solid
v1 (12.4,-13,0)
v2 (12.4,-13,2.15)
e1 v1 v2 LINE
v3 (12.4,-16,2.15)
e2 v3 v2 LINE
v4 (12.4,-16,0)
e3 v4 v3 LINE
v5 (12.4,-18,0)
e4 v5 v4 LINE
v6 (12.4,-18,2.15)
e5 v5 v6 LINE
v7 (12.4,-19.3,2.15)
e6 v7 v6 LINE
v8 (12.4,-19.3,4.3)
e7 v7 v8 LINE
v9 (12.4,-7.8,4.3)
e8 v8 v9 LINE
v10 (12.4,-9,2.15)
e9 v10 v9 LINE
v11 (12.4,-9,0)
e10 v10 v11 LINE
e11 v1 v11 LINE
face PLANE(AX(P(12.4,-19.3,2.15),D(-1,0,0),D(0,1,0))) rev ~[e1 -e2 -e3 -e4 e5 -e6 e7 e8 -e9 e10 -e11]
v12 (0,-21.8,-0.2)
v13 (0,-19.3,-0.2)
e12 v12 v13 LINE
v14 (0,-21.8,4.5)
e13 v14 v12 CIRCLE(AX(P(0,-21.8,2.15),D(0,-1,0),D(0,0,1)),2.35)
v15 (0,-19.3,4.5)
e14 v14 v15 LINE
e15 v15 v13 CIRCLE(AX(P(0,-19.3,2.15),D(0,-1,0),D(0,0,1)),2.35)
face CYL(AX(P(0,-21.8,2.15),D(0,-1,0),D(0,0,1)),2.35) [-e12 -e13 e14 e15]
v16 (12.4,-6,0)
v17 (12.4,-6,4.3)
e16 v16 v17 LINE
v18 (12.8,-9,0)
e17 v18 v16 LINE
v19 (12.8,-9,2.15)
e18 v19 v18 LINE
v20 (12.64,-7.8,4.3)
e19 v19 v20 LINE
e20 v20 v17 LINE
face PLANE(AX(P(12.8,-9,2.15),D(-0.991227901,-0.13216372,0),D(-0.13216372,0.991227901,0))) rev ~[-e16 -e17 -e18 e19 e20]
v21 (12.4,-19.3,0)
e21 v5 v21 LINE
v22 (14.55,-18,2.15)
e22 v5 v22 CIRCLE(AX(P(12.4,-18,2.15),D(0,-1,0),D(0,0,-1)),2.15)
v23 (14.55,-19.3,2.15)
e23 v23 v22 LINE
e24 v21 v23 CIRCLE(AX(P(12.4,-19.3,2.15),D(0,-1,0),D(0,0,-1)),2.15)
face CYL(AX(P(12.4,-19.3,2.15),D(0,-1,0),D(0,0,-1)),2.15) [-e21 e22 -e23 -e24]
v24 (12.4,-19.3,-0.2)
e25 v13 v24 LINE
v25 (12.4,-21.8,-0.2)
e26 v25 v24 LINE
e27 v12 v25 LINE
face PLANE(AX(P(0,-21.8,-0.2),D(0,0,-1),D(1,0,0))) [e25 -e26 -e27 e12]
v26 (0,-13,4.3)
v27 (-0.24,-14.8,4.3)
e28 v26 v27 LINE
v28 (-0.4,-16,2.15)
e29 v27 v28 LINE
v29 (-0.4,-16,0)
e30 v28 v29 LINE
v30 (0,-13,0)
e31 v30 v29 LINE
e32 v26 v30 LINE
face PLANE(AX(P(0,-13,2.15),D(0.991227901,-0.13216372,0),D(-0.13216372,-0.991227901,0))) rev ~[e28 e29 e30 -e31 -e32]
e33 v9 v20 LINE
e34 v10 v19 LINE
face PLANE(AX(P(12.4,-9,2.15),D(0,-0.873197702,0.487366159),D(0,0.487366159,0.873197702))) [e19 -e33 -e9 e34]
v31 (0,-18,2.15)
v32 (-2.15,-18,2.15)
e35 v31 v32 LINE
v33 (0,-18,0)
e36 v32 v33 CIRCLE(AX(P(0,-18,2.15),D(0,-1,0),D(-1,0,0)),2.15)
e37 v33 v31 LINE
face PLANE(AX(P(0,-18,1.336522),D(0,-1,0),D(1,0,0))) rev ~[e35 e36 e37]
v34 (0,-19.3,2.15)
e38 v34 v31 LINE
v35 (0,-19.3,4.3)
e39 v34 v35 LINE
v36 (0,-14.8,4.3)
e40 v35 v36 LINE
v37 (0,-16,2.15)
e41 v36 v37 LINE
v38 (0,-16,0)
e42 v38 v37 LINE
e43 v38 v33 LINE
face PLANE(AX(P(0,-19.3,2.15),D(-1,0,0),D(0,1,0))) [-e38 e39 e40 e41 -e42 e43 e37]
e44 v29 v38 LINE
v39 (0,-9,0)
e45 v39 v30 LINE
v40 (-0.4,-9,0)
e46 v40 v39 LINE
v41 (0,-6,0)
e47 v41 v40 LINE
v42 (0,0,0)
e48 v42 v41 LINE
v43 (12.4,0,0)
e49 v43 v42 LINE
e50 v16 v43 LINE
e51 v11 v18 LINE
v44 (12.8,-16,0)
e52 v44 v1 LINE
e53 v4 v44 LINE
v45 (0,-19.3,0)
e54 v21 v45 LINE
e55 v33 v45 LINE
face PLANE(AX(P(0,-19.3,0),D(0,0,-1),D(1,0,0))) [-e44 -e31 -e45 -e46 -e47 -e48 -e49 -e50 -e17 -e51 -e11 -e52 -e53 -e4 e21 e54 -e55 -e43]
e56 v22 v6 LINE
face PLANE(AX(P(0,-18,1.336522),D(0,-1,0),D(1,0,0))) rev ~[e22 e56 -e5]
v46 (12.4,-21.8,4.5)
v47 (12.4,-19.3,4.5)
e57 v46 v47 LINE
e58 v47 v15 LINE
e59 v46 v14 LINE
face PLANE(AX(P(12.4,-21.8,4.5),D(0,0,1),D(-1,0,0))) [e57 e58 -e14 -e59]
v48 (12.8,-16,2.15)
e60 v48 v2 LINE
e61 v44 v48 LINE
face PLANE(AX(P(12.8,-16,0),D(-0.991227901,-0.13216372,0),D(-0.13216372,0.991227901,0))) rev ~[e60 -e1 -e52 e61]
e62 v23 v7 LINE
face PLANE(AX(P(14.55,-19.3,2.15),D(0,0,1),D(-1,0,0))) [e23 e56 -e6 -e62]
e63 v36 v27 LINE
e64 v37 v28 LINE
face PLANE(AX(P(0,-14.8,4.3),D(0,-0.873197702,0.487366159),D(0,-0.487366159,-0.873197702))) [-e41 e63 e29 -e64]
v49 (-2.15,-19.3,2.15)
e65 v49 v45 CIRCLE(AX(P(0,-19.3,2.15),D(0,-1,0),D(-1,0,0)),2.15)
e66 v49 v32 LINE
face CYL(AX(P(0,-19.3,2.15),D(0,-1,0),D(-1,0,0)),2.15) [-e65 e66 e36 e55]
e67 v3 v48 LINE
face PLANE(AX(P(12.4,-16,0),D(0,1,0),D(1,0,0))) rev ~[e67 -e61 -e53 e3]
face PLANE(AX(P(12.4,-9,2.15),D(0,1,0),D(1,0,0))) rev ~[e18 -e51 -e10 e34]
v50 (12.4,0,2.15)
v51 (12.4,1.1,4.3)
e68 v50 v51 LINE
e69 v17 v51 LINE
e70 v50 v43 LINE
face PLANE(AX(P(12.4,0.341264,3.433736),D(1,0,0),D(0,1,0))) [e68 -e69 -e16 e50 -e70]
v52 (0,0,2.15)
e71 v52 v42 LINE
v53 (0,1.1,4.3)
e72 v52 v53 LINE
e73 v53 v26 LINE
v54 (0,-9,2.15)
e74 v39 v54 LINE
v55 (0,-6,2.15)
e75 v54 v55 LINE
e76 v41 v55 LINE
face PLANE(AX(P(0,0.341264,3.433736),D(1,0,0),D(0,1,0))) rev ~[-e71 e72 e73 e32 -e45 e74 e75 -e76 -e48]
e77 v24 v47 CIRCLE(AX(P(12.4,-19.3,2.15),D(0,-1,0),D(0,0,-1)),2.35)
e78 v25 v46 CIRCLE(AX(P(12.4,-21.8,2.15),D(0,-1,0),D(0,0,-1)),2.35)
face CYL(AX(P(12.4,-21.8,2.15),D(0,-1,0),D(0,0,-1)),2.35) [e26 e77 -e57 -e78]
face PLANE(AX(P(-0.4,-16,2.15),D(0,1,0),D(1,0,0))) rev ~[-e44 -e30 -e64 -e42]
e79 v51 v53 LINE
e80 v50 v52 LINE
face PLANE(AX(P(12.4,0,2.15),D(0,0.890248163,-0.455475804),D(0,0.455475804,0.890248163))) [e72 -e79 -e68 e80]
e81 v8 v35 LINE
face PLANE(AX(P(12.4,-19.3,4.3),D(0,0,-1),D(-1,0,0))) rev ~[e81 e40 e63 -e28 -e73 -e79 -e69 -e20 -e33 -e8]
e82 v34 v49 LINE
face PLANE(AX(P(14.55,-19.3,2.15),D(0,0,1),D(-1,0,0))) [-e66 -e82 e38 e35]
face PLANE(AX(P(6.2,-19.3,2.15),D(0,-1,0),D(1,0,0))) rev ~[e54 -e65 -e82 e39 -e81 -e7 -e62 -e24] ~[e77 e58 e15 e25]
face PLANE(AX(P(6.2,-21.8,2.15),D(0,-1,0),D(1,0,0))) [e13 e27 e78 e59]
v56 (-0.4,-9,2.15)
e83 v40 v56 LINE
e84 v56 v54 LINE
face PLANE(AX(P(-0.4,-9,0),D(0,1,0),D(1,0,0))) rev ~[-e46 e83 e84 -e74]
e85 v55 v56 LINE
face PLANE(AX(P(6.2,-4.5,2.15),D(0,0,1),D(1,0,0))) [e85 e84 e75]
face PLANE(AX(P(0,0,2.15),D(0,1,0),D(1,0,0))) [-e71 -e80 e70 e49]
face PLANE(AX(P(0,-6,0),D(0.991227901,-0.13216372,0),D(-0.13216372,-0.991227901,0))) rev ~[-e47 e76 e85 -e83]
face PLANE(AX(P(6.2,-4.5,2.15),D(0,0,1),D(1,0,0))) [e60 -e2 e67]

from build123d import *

# Parameters (mm, degrees)
F1_DEPTH  = 2.15
F2_W      = 12.4
F2_H      = 19.3
F3_DEPTH  = 2.15
F4_DEPTH  = 2.15
F6_DEPTH  = 25
F7_DEPTH  = 2.15
F9_DEPTH  = 25
F11_DEPTH = 12.4
F13_DEPTH = 2.5
F14_DEPTH = 1.3
F16_DEPTH = 2.5


with BuildPart() as f1:
    # F0 (on Top) → F1 (new body)
    with BuildSketch(Plane.XY):
        Polygon((12.4, 0), (0, 0), (0, -6), (0, -9), (6.2, -9), (12.4, -9), (12.4, -6), align=None)
        Polygon((0, -9), (0, -6), (-0.4, -9), align=None)
        Polygon((12.8, -9), (12.4, -6), (12.4, -9), align=None)
        Polygon((6.2, -9), (0, -9), (0, -13), (0, -16), (6.2, -16), (12.4, -16), (12.4, -13), (12.4, -9), align=None)
        Polygon((0, -16), (0, -13), (-0.4, -16), align=None)
        Polygon((12.8, -16), (12.4, -13), (12.4, -16), align=None)
        Polygon((6.2, -16), (0, -16), (0, -18), (12.4, -18), (12.4, -16), align=None)
    extrude(amount=F1_DEPTH)

    # F2 (on face) → F3 (join)
    with BuildSketch(Plane.XY.offset(2.15)):
        with Locations((6.2, -9.65)):
            Rectangle(F2_W, F2_H)
    extrude(amount=F3_DEPTH)

    # F4 (add): a face of the model
    f4_faces = [f1.faces().sort_by_distance(p)[0] for p in [
        (12.5333333333, -8, 2.15),
    ]]
    extrude(f4_faces, amount=F4_DEPTH)

    # F5 (on face) → F6 (cut)
    with BuildSketch(Plane.YZ.offset(12.4)):
        Polygon((-9, 4.3), (-9, 2.15), (-7.8, 4.3), align=None)
    extrude(amount=F6_DEPTH, mode=Mode.SUBTRACT)

    # F7 (add): a face of the model
    f7_faces = [f1.faces().sort_by_distance(p)[0] for p in [
        (-0.1333333333, -15, 2.15),
    ]]
    extrude(f7_faces, amount=F7_DEPTH)

    # F8 (on face) → F9 (cut)
    with BuildSketch(Plane(origin=(0, 0, 0), x_dir=(0, -1, 0), z_dir=(-1, 0, 0))):
        Polygon((14.8, 4.3), (16, 2.15), (16, 4.3), align=None)
    extrude(amount=F9_DEPTH, mode=Mode.SUBTRACT)

    # F10 (on face) → F11 (join, through all)
    with BuildSketch(Plane.YZ.offset(12.4)):
        Polygon((1.1, 4.3), (0, 4.3), (0, 2.15), align=None)
    extrude(amount=-F11_DEPTH)

    # F12 (on face) → F13 (join)
    with BuildSketch(Plane.XZ.offset(19.3)):
        with BuildLine():
            Line((0, 2.15), (2.15, 2.15))
            ThreePointArc((2.15, 2.15), (0, 4.3), (-2.15, 2.15))
            Line((-2.15, 2.15), (0, 2.15))
        make_face()
        with BuildLine():
            Line((10.25, 2.15), (2.15, 2.15))
            ThreePointArc((2.15, 2.15), (1.5202795796, 0.6297204204), (0, 0))
            Line((0, 0), (12.4, 0))
            ThreePointArc((12.4, 0), (10.8797204204, 0.6297204204), (10.25, 2.15))
        make_face()
        with BuildLine():
            ThreePointArc((0, 0), (1.5202795796, 0.6297204204), (2.15, 2.15))
            Line((2.15, 2.15), (0, 2.15))
            Line((0, 2.15), (-2.15, 2.15))
            ThreePointArc((-2.15, 2.15), (-1.5202795796, 0.6297204204), (0, 0))
        make_face()
        with BuildLine():
            Line((12.4, 2.15), (10.25, 2.15))
            ThreePointArc((10.25, 2.15), (10.8797204204, 0.6297204204), (12.4, 0))
            ThreePointArc((12.4, 0), (13.9202795796, 0.6297204204), (14.55, 2.15))
            Line((14.55, 2.15), (12.4, 2.15))
        make_face()
        with BuildLine():
            ThreePointArc((14.55, 2.15), (12.4, 4.3), (10.25, 2.15))
            Line((10.25, 2.15), (12.4, 2.15))
            Line((12.4, 2.15), (14.55, 2.15))
        make_face()
        with BuildLine():
            ThreePointArc((0, 4.3), (1.5202795796, 3.6702795796), (2.15, 2.15))
            Line((2.15, 2.15), (10.25, 2.15))
            ThreePointArc((10.25, 2.15), (10.8797204204, 3.6702795796), (12.4, 4.3))
            Line((12.4, 4.3), (0, 4.3))
        make_face()
    extrude(amount=F13_DEPTH)

    # F12 (on face) → F14 (join)
    with BuildSketch(Plane.XZ.offset(19.3)):
        with BuildLine():
            ThreePointArc((0, 0), (1.5202795796, 0.6297204204), (2.15, 2.15))
            Line((2.15, 2.15), (0, 2.15))
            Line((0, 2.15), (-2.15, 2.15))
            ThreePointArc((-2.15, 2.15), (-1.5202795796, 0.6297204204), (0, 0))
        make_face()
        with BuildLine():
            Line((10.25, 2.15), (2.15, 2.15))
            ThreePointArc((2.15, 2.15), (1.5202795796, 0.6297204204), (0, 0))
            Line((0, 0), (12.4, 0))
            ThreePointArc((12.4, 0), (10.8797204204, 0.6297204204), (10.25, 2.15))
        make_face()
        with BuildLine():
            Line((12.4, 2.15), (10.25, 2.15))
            ThreePointArc((10.25, 2.15), (10.8797204204, 0.6297204204), (12.4, 0))
            ThreePointArc((12.4, 0), (13.9202795796, 0.6297204204), (14.55, 2.15))
            Line((14.55, 2.15), (12.4, 2.15))
        make_face()
    extrude(amount=-F14_DEPTH)

    # F15 (on face) → F16 (join)
    with BuildSketch(Plane.XZ.offset(21.8)):
        with BuildLine():
            ThreePointArc((12.4, -0.2), (14.75, 2.15), (12.4, 4.5))
            Line((12.4, 4.5), (0, 4.5))
            ThreePointArc((0, 4.5), (-2.35, 2.15), (0, -0.2))
            Line((0, -0.2), (12.4, -0.2))
        make_face()
    extrude(amount=-F16_DEPTH)


solid = f1.part
